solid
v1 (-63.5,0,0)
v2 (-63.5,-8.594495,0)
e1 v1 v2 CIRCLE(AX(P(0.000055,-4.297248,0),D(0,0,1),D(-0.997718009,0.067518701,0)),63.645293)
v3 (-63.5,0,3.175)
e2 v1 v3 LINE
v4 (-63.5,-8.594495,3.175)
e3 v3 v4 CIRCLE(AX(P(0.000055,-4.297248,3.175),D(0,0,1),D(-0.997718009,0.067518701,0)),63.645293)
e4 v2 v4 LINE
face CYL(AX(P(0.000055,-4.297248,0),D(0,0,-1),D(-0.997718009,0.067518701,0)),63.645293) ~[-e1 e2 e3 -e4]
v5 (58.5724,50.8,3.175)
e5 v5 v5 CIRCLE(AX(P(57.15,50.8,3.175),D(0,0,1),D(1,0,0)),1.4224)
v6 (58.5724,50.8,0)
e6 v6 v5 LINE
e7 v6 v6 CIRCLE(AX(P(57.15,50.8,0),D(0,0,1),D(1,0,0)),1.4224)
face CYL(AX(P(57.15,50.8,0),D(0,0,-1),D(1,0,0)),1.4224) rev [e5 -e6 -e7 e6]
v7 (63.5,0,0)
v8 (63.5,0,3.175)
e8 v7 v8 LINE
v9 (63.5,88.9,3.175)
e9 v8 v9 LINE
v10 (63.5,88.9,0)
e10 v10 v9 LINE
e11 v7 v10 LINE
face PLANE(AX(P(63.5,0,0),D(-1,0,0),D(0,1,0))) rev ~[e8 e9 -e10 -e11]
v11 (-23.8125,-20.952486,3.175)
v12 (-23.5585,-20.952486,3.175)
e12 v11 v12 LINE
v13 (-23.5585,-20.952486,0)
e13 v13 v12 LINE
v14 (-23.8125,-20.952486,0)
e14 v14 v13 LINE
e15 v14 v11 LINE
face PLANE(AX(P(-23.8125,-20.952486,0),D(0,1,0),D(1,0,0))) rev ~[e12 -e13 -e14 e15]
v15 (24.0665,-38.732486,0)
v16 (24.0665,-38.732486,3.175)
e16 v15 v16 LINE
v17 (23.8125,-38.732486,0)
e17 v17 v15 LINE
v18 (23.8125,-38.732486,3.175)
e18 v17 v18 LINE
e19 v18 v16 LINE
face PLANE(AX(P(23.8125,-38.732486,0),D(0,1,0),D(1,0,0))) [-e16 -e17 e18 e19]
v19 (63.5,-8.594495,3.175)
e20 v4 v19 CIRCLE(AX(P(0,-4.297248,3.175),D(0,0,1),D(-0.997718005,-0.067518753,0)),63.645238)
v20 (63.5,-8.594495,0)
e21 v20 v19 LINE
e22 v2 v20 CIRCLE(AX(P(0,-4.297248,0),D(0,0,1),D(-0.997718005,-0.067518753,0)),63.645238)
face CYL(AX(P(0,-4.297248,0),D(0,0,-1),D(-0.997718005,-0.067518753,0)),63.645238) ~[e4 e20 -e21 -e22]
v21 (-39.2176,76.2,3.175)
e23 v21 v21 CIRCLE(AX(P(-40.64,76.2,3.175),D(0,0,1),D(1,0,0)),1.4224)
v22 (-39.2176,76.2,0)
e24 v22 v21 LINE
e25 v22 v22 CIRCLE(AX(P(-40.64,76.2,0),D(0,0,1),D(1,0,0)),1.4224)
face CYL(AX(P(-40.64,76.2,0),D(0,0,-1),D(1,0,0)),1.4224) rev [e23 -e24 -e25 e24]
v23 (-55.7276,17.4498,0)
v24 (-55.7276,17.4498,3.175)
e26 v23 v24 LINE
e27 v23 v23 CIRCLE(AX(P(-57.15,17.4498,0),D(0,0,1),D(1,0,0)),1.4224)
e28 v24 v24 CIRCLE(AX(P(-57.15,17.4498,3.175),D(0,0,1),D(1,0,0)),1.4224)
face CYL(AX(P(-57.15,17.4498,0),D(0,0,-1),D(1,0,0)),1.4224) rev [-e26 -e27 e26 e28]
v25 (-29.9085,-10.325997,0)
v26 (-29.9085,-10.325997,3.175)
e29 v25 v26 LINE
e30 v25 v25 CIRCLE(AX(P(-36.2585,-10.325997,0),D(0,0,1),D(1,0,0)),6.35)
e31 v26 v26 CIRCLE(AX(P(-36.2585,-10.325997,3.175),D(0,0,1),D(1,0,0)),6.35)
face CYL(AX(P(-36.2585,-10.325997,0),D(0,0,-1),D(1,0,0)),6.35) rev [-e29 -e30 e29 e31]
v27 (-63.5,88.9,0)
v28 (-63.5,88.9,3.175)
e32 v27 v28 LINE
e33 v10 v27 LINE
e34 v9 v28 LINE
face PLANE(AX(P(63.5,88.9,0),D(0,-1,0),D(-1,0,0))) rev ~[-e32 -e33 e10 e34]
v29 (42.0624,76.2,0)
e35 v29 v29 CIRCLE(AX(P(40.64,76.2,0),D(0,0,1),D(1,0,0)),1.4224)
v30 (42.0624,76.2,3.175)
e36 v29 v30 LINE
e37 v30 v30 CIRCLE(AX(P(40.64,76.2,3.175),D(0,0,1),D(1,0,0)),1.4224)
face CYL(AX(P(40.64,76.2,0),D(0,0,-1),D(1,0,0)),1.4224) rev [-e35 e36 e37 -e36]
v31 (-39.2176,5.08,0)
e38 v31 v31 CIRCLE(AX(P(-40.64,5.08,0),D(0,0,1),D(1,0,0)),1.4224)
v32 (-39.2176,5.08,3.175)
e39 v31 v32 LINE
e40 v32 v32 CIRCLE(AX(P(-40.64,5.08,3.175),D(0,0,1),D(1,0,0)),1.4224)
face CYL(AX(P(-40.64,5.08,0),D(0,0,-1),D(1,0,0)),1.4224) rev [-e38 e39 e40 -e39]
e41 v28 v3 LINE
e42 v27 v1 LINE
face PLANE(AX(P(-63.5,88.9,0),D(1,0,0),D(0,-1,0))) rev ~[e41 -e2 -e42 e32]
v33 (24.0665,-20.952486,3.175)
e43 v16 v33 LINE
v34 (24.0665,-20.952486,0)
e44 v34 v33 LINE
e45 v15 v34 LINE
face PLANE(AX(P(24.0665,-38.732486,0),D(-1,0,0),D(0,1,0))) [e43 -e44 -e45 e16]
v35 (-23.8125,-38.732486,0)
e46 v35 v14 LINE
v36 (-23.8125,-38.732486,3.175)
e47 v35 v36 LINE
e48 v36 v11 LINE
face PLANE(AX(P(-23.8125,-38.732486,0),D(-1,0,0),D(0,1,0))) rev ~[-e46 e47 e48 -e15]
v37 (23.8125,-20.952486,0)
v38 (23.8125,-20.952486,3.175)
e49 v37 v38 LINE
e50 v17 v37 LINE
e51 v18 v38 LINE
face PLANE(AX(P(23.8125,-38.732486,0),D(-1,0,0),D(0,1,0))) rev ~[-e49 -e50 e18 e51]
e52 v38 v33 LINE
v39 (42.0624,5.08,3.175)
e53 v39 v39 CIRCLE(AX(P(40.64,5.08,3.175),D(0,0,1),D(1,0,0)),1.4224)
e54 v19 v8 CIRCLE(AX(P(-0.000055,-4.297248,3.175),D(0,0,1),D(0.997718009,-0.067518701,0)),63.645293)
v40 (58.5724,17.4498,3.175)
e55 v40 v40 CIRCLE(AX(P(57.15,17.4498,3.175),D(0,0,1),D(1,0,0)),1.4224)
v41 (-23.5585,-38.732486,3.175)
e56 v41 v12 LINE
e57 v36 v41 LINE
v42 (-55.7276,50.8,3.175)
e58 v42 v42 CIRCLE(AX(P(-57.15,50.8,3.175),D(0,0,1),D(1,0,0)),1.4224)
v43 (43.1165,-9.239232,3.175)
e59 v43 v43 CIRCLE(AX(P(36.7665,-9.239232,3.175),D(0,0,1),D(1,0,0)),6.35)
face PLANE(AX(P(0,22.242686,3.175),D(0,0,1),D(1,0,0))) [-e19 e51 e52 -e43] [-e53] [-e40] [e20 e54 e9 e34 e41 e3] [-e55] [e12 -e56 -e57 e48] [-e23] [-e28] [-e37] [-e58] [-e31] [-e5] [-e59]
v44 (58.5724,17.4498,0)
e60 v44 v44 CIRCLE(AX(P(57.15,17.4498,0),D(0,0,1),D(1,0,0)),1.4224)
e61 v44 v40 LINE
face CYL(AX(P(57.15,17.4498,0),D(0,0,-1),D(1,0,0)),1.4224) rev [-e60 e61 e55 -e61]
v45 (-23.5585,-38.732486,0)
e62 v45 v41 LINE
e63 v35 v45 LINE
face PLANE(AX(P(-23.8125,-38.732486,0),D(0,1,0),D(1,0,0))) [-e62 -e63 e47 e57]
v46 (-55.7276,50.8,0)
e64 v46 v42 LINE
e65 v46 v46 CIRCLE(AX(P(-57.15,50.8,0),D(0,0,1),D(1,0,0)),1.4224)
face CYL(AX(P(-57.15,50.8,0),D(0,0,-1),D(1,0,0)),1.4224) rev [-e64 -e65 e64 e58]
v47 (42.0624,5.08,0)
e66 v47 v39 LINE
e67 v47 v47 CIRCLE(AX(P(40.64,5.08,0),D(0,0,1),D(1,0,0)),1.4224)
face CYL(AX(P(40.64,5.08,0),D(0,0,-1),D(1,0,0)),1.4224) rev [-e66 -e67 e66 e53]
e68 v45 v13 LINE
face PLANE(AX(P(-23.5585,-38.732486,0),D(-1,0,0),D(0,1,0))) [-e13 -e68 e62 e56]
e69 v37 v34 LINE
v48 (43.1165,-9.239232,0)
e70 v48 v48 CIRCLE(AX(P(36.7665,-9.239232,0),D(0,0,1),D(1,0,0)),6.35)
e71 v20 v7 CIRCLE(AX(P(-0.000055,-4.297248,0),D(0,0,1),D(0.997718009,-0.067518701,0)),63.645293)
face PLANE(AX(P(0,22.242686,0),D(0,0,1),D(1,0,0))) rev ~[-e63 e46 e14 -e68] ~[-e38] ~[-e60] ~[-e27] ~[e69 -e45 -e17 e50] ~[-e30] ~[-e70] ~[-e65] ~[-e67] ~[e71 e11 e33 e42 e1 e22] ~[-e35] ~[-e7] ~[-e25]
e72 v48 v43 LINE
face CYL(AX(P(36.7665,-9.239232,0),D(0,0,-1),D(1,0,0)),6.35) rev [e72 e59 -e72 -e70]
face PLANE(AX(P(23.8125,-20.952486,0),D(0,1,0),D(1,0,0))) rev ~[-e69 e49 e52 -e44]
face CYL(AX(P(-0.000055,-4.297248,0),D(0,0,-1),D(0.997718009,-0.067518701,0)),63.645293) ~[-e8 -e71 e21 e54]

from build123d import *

# Parameters (mm, degrees)
F0_W     = 0.254
F0_H     = 17.78
F0_R     = 6.35
F0_R_2   = 1.4224
F1_DEPTH = 3.175


with BuildPart() as f1:
    # F0 (on Top) → F1 (new body)
    with BuildSketch(Plane.XY):
        with BuildLine():
            Line((63.5, 0), (63.5, 88.9))
            Line((63.5, 88.9), (-63.5, 88.9))
            Line((-63.5, 88.9), (-63.5, 0))
            Line((-63.5, 0), (-63.5, -8.594495))
            ThreePointArc((-63.5, -8.594495), (0, -67.942486), (63.5, -8.594495))
            Line((63.5, -8.594495), (63.5, 0))
        make_face()
        with Locations((-23.6855, -29.842486)):
            Rectangle(F0_W, F0_H, mode=Mode.SUBTRACT)
        with Locations((-36.2585, -10.325997)):
            Circle(F0_R, mode=Mode.SUBTRACT)
        with Locations((-40.64, 5.08)):
            Circle(F0_R_2, mode=Mode.SUBTRACT)
        with Locations((23.9395, -29.842486)):
            Rectangle(F0_W, F0_H, mode=Mode.SUBTRACT)
        with Locations((36.7665, -9.239232)):
            Circle(F0_R, mode=Mode.SUBTRACT)
        with Locations((40.64, 5.08)):
            Circle(F0_R_2, mode=Mode.SUBTRACT)
        with Locations((-57.15, 17.4498)):
            Circle(F0_R_2, mode=Mode.SUBTRACT)
        with Locations((-57.15, 50.8)):
            Circle(F0_R_2, mode=Mode.SUBTRACT)
        with Locations((-40.64, 76.2)):
            Circle(F0_R_2, mode=Mode.SUBTRACT)
        with Locations((57.15, 17.4498)):
            Circle(F0_R_2, mode=Mode.SUBTRACT)
        with Locations((57.15, 50.8)):
            Circle(F0_R_2, mode=Mode.SUBTRACT)
        with Locations((40.64, 76.2)):
            Circle(F0_R_2, mode=Mode.SUBTRACT)
        with BuildLine():
            ThreePointArc((63.5, -8.594495), (63.645238, -4.297248), (63.5, 0))
            Line((63.5, 0), (63.5, -8.594495))
        make_face()
        with BuildLine():
            Line((-63.5, -8.594495), (-63.5, 0))
            ThreePointArc((-63.5, 0), (-63.645238, -4.297248), (-63.5, -8.594495))
        make_face()
    extrude(amount=F1_DEPTH)


solid = f1.part
